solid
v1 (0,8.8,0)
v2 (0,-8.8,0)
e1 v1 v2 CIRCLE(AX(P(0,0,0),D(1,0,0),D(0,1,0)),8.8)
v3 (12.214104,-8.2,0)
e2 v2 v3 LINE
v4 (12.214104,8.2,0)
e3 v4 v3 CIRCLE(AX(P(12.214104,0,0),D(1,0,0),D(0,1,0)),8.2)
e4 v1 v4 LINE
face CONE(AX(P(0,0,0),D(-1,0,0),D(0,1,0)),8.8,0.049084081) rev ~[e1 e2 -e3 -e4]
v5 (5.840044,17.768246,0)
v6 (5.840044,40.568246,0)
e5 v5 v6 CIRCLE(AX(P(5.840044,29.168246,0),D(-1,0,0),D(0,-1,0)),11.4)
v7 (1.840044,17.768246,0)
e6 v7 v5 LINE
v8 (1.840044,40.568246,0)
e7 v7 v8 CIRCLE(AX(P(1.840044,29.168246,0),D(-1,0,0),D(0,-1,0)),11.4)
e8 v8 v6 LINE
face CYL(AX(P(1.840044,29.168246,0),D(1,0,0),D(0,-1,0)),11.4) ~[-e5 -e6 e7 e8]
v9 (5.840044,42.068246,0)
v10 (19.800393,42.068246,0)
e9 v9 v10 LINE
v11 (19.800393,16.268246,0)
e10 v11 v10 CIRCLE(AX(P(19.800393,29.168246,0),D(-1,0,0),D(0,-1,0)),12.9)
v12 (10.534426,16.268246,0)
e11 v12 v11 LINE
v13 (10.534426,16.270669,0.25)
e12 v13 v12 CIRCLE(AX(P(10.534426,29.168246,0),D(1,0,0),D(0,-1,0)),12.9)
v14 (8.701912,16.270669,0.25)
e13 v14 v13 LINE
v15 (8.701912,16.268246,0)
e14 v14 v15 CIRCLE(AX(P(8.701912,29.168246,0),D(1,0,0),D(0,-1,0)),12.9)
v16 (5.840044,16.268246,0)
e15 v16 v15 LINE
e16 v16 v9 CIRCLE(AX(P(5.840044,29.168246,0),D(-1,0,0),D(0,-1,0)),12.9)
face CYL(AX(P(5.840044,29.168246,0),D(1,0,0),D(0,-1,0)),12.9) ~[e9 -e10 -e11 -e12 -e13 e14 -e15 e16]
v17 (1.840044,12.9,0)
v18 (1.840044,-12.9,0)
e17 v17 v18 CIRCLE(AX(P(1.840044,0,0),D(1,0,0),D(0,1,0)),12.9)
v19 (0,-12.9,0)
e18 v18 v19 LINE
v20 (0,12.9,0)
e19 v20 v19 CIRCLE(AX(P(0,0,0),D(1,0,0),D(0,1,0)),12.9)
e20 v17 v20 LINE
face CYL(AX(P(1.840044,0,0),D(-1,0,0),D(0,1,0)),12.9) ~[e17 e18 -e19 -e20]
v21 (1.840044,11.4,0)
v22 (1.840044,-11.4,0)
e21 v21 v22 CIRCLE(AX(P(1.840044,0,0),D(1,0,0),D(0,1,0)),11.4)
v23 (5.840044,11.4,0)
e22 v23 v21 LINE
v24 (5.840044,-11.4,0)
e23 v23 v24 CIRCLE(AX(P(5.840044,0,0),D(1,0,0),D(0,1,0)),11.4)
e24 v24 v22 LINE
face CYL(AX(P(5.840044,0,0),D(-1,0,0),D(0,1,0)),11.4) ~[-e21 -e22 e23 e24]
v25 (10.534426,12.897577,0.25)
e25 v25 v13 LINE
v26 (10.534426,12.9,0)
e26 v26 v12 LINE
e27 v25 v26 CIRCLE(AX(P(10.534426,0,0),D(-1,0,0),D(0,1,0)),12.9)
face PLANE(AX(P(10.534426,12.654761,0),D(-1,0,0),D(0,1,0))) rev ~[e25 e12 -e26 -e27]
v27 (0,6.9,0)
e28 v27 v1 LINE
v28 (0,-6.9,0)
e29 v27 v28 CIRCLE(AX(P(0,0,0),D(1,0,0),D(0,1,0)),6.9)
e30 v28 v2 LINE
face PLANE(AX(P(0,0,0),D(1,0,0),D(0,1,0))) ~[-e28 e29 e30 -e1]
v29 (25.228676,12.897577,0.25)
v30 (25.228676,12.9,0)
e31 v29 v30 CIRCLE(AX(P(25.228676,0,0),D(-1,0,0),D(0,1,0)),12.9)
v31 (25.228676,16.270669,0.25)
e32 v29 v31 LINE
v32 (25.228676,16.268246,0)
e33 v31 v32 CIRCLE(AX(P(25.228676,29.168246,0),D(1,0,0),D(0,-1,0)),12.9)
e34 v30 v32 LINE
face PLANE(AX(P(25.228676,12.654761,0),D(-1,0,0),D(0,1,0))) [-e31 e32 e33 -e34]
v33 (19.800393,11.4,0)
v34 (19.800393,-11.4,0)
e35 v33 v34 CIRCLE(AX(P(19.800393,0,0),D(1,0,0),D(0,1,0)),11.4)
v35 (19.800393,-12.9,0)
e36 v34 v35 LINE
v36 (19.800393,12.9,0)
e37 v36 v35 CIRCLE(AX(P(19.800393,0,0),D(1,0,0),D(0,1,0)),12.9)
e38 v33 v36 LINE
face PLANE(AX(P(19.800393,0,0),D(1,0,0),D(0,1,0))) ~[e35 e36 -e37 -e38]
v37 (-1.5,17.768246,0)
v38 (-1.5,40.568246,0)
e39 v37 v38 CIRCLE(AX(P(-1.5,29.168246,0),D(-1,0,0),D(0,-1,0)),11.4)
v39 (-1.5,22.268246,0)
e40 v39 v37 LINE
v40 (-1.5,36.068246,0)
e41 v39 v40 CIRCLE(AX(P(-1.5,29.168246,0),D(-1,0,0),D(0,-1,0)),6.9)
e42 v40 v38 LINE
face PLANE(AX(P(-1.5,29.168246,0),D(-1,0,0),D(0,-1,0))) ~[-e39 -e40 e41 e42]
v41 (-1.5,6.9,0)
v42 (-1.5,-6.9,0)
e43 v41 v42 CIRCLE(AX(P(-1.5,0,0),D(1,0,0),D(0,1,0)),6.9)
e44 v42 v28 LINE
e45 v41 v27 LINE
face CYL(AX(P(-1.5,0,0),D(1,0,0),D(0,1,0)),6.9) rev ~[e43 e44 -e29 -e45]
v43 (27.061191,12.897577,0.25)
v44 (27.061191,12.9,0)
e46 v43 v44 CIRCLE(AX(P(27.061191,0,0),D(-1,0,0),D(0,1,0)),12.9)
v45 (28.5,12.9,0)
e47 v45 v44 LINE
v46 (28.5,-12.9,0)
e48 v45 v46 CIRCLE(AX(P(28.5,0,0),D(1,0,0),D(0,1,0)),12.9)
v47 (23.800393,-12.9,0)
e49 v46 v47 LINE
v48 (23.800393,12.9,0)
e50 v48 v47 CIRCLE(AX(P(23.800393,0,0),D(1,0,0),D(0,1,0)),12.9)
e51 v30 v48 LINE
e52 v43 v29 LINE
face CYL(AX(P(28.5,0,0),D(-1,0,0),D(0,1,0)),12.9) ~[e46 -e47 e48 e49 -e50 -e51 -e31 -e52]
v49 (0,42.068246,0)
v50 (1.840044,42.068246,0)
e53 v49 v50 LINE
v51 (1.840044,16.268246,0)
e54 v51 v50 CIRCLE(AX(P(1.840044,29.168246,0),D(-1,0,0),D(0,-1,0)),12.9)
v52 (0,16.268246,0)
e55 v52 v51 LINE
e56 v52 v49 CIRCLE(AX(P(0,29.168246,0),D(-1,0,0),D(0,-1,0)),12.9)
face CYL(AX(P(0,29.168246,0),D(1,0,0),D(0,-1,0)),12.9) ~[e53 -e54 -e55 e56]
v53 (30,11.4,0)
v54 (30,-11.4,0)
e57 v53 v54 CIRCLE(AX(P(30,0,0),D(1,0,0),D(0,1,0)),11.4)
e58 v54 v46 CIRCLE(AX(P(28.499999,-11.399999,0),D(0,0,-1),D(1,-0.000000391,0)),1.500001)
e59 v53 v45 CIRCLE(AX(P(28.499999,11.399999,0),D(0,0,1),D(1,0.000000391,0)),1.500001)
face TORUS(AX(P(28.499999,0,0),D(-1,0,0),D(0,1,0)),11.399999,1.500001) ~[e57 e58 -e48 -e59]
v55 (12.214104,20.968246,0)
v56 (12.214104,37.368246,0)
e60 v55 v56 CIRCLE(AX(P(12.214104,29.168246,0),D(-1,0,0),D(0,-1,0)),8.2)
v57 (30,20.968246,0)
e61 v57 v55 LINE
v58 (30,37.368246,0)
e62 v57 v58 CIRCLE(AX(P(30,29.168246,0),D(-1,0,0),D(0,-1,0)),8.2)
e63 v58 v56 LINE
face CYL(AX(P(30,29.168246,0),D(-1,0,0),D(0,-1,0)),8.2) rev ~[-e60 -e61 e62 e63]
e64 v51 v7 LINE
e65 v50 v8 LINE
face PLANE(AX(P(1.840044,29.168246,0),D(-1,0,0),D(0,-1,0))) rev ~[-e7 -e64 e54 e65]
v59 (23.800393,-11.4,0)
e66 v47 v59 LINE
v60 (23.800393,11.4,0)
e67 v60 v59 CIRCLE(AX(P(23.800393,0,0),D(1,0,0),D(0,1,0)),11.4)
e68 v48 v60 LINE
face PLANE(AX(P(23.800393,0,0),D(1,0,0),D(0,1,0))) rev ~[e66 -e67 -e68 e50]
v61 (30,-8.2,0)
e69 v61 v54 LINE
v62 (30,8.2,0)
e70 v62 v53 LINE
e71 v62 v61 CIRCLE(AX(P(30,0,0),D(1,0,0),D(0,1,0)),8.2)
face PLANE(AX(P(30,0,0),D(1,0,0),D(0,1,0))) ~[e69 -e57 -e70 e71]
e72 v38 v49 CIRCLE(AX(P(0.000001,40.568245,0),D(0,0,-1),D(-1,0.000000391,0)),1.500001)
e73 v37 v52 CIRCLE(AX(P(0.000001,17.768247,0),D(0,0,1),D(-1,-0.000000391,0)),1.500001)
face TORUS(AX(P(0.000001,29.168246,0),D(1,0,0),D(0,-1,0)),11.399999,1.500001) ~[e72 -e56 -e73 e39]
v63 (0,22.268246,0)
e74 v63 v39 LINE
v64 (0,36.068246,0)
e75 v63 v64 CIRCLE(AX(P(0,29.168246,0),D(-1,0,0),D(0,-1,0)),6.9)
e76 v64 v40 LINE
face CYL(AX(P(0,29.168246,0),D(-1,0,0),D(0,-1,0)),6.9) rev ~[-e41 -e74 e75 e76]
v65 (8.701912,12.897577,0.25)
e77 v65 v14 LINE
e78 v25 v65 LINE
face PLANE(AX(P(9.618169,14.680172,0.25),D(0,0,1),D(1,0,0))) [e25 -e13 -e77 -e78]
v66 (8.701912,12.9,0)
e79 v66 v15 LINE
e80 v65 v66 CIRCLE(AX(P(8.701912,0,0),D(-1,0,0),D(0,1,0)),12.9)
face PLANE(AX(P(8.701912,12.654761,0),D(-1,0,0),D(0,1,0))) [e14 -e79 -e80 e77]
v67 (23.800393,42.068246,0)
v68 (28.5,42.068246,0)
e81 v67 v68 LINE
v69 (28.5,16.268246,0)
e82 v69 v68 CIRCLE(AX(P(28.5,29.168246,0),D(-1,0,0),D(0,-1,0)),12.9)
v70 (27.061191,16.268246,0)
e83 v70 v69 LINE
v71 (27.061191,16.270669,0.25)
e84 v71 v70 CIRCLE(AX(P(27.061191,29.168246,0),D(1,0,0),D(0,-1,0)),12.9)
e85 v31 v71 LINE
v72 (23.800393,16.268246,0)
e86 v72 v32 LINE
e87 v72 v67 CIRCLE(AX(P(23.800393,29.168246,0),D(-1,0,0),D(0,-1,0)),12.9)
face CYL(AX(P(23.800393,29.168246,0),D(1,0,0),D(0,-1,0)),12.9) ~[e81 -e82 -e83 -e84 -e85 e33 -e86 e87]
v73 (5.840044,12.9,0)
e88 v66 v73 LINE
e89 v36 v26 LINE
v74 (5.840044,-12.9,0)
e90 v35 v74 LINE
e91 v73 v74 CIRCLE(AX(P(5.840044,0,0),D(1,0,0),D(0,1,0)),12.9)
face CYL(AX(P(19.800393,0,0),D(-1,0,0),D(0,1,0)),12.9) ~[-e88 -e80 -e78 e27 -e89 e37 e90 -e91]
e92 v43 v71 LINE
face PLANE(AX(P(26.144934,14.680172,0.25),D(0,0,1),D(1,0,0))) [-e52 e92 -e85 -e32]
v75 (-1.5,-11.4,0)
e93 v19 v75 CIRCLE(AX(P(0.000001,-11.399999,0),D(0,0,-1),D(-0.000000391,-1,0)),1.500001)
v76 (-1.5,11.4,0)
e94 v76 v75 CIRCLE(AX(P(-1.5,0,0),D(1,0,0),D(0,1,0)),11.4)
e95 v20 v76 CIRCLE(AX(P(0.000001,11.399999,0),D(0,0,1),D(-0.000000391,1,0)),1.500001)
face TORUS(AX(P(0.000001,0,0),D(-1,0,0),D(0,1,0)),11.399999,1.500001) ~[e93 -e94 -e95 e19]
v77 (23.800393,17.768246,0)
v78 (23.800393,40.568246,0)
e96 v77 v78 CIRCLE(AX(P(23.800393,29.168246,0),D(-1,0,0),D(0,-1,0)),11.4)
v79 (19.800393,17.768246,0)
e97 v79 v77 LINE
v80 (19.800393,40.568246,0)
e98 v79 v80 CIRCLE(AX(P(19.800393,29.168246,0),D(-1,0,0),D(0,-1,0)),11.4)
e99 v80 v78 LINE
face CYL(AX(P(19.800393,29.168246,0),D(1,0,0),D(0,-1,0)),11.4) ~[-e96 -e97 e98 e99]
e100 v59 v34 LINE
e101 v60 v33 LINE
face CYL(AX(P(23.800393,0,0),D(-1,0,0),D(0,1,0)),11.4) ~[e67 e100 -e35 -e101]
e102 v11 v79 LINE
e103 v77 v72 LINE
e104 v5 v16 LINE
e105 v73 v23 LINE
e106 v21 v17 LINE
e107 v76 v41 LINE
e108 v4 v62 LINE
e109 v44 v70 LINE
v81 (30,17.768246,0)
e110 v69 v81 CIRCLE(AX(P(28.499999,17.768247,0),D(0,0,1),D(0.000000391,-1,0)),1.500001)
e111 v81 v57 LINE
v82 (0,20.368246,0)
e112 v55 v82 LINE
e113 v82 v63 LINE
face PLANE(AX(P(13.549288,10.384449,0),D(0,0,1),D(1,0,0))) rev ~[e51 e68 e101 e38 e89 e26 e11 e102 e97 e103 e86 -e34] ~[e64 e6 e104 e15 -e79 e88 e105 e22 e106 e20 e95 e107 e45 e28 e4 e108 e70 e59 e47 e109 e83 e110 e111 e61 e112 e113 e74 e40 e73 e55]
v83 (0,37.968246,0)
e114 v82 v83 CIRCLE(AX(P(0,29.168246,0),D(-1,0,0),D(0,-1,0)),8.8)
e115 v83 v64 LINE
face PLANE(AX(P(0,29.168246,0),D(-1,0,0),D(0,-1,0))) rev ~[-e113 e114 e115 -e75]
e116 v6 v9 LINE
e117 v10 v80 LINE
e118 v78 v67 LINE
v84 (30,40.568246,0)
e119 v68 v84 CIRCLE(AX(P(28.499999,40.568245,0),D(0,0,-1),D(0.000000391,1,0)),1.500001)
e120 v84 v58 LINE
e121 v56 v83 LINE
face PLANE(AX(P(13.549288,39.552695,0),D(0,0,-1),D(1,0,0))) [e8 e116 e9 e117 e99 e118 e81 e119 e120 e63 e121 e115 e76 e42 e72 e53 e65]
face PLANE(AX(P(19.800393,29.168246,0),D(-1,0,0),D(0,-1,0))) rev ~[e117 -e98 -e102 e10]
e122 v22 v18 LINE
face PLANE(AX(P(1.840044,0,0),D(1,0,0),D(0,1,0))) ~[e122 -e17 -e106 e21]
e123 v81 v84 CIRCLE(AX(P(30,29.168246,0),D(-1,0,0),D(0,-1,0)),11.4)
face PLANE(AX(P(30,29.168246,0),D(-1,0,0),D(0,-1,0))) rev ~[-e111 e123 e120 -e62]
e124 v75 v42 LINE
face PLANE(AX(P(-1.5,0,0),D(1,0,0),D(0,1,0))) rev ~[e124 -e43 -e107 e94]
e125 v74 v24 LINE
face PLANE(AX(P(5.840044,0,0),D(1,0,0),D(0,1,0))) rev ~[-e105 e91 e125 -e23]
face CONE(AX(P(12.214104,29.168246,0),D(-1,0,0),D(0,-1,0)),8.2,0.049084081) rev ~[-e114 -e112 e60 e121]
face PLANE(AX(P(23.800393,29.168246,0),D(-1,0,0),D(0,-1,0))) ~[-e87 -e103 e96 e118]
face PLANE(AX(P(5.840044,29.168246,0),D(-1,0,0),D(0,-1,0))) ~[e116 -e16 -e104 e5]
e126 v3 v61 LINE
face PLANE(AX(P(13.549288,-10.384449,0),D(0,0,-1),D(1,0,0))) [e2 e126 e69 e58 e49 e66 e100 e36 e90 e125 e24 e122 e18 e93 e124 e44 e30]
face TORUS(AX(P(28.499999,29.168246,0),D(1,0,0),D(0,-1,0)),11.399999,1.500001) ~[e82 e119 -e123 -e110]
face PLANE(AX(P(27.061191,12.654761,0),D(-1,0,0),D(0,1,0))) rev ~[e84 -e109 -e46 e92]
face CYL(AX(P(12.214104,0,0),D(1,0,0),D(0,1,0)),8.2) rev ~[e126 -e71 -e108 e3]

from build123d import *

# Parameters (mm, degrees)
F2_ANGLE = 180
F3_ANGLE = -180
F1_W     = 1.832515
F1_H     = 4.050821
F1_W_2   = 1.832514
F4_DEPTH = 0.25


with BuildPart() as f2:
    # F0 (on Top) → F2 (revolve)
    with BuildSketch(Plane.XY):
        with BuildLine():
            ThreePointArc((30, 11.4), (29.56066, 12.46066), (28.5, 12.9))
            Line((28.5, 12.9), (23.800393, 12.9))
            Line((23.800393, 12.9), (23.800393, 11.4))
            Line((23.800393, 11.4), (19.800393, 11.4))
            Line((19.800393, 11.4), (19.800393, 12.9))
            Line((19.800393, 12.9), (5.840044, 12.9))
            Line((5.840044, 12.9), (5.840044, 11.4))
            Line((5.840044, 11.4), (1.840044, 11.4))
            Line((1.840044, 11.4), (1.840044, 12.9))
            Line((1.840044, 12.9), (0, 12.9))
            ThreePointArc((0, 12.9), (-1.06066, 12.46066), (-1.5, 11.4))
            Line((-1.5, 11.4), (-1.5, 6.9))
            Line((-1.5, 6.9), (0, 6.9))
            Line((0, 6.9), (0, 8.8))
            Line((0, 8.8), (12.214104, 8.2))
            Line((12.214104, 8.2), (30, 8.2))
            Line((30, 8.2), (30, 11.4))
        make_face()
    revolve(axis=Axis((15, 0, 0), (1, 0, 0)), revolution_arc=F2_ANGLE)



with BuildPart() as f3:
    # F0 (on Top) → F3 (revolve)
    with BuildSketch(Plane.XY):
        with BuildLine():
            Line((19.800393, 17.768246), (23.800393, 17.768246))
            Line((23.800393, 17.768246), (23.800393, 16.268246))
            Line((23.800393, 16.268246), (28.5, 16.268246))
            ThreePointArc((28.5, 16.268246), (29.56066, 16.707586), (30, 17.768246))
            Line((30, 17.768246), (30, 20.968246))
            Line((30, 20.968246), (12.214104, 20.968246))
            Line((12.214104, 20.968246), (0, 20.368246))
            Line((0, 20.368246), (0, 22.268246))
            Line((0, 22.268246), (-1.5, 22.268246))
            Line((-1.5, 22.268246), (-1.5, 17.768246))
            ThreePointArc((-1.5, 17.768246), (-1.06066, 16.707586), (0, 16.268246))
            Line((0, 16.268246), (1.840044, 16.268246))
            Line((1.840044, 16.268246), (1.840044, 17.768246))
            Line((1.840044, 17.768246), (5.840044, 17.768246))
            Line((5.840044, 17.768246), (5.840044, 16.268246))
            Line((5.840044, 16.268246), (19.800393, 16.268246))
            Line((19.800393, 16.268246), (19.800393, 17.768246))
        make_face()
    revolve(axis=Axis((15, 29.168246, 0), (1, 0, 0)), revolution_arc=F3_ANGLE)


with BuildPart() as f2_1:
    add(f2.part)

    add(f3.part)  # F4 merges F3
    # F1 (on Top) → F4 (join)
    with BuildSketch(Plane.XY):
        with Locations((26.144934, 14.680172)):
            Rectangle(F1_W, F1_H)
        with Locations((9.618169, 14.680172)):
            Rectangle(F1_W_2, F1_H)
    extrude(amount=F4_DEPTH)


solid = f2_1.part
